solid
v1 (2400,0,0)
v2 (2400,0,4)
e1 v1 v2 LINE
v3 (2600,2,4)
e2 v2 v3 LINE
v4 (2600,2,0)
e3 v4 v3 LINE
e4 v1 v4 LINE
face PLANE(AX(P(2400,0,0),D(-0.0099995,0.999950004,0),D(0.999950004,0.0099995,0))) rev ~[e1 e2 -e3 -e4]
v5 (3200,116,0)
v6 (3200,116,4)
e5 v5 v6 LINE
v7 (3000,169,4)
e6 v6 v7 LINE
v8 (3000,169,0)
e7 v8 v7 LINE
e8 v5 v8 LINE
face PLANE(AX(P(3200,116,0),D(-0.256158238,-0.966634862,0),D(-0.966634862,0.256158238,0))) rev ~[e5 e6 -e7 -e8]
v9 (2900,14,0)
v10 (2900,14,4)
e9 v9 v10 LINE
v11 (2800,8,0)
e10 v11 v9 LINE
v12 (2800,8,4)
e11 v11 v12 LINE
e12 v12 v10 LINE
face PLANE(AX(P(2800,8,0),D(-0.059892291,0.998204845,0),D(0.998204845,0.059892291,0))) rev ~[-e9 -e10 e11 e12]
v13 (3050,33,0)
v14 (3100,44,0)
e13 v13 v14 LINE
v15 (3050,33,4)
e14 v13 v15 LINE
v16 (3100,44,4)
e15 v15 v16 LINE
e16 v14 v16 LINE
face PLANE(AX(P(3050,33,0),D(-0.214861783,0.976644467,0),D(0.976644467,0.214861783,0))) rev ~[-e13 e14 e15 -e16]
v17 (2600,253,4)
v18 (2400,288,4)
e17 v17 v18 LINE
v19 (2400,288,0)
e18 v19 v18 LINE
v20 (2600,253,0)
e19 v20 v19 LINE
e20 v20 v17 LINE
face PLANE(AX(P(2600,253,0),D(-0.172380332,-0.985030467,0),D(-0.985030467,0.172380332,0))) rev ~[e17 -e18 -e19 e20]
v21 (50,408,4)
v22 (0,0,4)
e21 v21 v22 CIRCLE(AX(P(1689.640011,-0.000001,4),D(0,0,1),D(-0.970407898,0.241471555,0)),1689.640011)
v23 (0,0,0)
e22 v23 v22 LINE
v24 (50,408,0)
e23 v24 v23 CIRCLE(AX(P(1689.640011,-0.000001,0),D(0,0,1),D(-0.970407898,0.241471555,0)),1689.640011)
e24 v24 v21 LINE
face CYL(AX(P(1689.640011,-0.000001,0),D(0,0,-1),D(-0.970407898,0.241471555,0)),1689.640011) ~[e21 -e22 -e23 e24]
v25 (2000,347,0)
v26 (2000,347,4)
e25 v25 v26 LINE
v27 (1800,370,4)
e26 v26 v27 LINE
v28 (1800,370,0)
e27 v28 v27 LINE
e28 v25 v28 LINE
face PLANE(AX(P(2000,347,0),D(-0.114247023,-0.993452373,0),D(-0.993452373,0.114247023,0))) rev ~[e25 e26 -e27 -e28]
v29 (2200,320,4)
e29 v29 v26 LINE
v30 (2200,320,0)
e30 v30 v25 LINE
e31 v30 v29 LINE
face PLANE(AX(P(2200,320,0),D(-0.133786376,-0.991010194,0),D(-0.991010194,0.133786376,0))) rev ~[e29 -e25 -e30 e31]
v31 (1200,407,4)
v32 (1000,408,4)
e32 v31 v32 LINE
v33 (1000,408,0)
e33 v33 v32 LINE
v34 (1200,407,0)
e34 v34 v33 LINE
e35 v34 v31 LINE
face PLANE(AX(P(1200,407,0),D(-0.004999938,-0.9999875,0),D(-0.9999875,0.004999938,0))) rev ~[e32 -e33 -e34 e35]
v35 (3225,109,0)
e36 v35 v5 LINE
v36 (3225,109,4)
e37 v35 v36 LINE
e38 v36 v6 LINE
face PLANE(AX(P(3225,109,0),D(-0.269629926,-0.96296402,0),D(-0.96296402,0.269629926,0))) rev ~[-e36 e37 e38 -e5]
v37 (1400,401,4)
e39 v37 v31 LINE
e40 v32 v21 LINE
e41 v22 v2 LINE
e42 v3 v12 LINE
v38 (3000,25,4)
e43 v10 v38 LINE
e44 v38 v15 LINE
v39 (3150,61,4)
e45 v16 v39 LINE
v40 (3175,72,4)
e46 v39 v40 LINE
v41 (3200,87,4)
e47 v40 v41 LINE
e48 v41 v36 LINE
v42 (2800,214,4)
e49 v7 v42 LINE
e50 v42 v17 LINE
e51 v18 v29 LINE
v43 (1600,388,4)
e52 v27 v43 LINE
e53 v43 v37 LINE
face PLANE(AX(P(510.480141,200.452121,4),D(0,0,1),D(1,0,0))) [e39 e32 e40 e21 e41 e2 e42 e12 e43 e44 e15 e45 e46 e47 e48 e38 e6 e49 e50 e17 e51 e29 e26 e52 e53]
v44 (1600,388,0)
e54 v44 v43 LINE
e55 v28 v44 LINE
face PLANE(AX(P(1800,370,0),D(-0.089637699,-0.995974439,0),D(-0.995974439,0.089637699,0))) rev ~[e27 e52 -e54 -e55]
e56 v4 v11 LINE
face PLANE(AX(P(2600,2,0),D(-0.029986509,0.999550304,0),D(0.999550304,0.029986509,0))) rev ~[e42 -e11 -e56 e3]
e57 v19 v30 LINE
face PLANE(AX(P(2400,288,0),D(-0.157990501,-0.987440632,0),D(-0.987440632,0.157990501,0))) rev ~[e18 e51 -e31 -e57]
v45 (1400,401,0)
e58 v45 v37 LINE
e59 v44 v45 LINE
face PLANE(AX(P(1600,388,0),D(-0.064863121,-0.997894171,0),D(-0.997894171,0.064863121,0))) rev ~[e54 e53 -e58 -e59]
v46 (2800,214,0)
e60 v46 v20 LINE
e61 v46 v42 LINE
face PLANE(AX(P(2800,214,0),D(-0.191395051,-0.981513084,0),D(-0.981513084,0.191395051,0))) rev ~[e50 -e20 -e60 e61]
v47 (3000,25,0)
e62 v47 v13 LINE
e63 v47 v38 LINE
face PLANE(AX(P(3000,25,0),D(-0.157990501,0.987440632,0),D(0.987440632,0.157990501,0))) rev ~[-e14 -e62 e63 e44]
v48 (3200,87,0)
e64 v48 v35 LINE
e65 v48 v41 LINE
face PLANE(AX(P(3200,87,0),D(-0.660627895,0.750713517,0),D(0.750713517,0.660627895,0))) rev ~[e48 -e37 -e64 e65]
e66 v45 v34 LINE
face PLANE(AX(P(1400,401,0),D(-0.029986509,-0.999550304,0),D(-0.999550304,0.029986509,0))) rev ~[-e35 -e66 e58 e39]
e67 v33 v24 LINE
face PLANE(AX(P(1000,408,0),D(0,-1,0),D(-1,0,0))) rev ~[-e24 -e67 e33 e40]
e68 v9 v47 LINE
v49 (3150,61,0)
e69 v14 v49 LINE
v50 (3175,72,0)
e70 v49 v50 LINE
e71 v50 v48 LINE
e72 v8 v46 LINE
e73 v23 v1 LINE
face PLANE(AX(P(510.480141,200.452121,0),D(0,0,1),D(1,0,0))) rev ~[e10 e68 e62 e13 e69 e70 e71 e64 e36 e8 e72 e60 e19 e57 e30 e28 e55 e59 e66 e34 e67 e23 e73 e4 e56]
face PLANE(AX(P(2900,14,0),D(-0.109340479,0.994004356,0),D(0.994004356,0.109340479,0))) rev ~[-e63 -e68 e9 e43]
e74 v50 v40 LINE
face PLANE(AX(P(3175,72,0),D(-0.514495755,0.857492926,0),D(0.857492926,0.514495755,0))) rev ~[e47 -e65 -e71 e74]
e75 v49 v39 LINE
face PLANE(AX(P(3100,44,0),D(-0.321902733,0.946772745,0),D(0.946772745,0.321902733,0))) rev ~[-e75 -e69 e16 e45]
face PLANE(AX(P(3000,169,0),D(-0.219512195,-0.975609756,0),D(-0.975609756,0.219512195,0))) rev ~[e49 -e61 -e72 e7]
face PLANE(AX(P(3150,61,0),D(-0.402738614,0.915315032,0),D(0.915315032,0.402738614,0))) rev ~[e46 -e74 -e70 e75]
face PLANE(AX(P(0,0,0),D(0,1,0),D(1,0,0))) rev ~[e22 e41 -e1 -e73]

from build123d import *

# Parameters (mm, degrees)
F1_DEPTH = 4


with BuildPart() as f1:
    # F0 (on Top) → F1 (new body)
    with BuildSketch(Plane.XY):
        with BuildLine():
            ThreePointArc((50, 408), (12.546583, 205.526154), (0, 0))
            Line((0, 0), (1000, 0))
            Line((1000, 0), (1000, 408))
            Line((1000, 408), (50, 408))
        make_face()
        Polygon((1000, 408), (1000, 0), (1200, 0), (1200, 407), align=None)
        Polygon((1200, 407), (1200, 0), (1400, 0), (1400, 401), align=None)
        Polygon((1400, 401), (1400, 0), (1600, 0), (1600, 76), (1600, 388), align=None)
        Polygon((1600, 76), (1600, 0), (1800, 0), (1800, 370), (1600, 388), align=None)
        Polygon((1800, 370), (1800, 0), (2000, 0), (2000, 347), align=None)
        Polygon((2000, 347), (2000, 0), (2200, 0), (2200, 320), align=None)
        Polygon((2200, 320), (2200, 0), (2400, 0), (2400, 288), align=None)
        Polygon((2400, 288), (2400, 0), (2600, 2), (2600, 253), align=None)
        Polygon((2600, 253), (2600, 2), (2800, 8), (2800, 214), align=None)
        Polygon((2800, 214), (2800, 8), (2900, 14), (3000, 25), (3000, 169), align=None)
        Polygon((3200, 116), (3000, 169), (3000, 25), (3050, 33), (3100, 44), (3150, 61), (3175, 72), (3200, 87), align=None)
        Polygon((3225, 109), (3200, 116), (3200, 87), align=None)
    extrude(amount=F1_DEPTH)


solid = f1.part
